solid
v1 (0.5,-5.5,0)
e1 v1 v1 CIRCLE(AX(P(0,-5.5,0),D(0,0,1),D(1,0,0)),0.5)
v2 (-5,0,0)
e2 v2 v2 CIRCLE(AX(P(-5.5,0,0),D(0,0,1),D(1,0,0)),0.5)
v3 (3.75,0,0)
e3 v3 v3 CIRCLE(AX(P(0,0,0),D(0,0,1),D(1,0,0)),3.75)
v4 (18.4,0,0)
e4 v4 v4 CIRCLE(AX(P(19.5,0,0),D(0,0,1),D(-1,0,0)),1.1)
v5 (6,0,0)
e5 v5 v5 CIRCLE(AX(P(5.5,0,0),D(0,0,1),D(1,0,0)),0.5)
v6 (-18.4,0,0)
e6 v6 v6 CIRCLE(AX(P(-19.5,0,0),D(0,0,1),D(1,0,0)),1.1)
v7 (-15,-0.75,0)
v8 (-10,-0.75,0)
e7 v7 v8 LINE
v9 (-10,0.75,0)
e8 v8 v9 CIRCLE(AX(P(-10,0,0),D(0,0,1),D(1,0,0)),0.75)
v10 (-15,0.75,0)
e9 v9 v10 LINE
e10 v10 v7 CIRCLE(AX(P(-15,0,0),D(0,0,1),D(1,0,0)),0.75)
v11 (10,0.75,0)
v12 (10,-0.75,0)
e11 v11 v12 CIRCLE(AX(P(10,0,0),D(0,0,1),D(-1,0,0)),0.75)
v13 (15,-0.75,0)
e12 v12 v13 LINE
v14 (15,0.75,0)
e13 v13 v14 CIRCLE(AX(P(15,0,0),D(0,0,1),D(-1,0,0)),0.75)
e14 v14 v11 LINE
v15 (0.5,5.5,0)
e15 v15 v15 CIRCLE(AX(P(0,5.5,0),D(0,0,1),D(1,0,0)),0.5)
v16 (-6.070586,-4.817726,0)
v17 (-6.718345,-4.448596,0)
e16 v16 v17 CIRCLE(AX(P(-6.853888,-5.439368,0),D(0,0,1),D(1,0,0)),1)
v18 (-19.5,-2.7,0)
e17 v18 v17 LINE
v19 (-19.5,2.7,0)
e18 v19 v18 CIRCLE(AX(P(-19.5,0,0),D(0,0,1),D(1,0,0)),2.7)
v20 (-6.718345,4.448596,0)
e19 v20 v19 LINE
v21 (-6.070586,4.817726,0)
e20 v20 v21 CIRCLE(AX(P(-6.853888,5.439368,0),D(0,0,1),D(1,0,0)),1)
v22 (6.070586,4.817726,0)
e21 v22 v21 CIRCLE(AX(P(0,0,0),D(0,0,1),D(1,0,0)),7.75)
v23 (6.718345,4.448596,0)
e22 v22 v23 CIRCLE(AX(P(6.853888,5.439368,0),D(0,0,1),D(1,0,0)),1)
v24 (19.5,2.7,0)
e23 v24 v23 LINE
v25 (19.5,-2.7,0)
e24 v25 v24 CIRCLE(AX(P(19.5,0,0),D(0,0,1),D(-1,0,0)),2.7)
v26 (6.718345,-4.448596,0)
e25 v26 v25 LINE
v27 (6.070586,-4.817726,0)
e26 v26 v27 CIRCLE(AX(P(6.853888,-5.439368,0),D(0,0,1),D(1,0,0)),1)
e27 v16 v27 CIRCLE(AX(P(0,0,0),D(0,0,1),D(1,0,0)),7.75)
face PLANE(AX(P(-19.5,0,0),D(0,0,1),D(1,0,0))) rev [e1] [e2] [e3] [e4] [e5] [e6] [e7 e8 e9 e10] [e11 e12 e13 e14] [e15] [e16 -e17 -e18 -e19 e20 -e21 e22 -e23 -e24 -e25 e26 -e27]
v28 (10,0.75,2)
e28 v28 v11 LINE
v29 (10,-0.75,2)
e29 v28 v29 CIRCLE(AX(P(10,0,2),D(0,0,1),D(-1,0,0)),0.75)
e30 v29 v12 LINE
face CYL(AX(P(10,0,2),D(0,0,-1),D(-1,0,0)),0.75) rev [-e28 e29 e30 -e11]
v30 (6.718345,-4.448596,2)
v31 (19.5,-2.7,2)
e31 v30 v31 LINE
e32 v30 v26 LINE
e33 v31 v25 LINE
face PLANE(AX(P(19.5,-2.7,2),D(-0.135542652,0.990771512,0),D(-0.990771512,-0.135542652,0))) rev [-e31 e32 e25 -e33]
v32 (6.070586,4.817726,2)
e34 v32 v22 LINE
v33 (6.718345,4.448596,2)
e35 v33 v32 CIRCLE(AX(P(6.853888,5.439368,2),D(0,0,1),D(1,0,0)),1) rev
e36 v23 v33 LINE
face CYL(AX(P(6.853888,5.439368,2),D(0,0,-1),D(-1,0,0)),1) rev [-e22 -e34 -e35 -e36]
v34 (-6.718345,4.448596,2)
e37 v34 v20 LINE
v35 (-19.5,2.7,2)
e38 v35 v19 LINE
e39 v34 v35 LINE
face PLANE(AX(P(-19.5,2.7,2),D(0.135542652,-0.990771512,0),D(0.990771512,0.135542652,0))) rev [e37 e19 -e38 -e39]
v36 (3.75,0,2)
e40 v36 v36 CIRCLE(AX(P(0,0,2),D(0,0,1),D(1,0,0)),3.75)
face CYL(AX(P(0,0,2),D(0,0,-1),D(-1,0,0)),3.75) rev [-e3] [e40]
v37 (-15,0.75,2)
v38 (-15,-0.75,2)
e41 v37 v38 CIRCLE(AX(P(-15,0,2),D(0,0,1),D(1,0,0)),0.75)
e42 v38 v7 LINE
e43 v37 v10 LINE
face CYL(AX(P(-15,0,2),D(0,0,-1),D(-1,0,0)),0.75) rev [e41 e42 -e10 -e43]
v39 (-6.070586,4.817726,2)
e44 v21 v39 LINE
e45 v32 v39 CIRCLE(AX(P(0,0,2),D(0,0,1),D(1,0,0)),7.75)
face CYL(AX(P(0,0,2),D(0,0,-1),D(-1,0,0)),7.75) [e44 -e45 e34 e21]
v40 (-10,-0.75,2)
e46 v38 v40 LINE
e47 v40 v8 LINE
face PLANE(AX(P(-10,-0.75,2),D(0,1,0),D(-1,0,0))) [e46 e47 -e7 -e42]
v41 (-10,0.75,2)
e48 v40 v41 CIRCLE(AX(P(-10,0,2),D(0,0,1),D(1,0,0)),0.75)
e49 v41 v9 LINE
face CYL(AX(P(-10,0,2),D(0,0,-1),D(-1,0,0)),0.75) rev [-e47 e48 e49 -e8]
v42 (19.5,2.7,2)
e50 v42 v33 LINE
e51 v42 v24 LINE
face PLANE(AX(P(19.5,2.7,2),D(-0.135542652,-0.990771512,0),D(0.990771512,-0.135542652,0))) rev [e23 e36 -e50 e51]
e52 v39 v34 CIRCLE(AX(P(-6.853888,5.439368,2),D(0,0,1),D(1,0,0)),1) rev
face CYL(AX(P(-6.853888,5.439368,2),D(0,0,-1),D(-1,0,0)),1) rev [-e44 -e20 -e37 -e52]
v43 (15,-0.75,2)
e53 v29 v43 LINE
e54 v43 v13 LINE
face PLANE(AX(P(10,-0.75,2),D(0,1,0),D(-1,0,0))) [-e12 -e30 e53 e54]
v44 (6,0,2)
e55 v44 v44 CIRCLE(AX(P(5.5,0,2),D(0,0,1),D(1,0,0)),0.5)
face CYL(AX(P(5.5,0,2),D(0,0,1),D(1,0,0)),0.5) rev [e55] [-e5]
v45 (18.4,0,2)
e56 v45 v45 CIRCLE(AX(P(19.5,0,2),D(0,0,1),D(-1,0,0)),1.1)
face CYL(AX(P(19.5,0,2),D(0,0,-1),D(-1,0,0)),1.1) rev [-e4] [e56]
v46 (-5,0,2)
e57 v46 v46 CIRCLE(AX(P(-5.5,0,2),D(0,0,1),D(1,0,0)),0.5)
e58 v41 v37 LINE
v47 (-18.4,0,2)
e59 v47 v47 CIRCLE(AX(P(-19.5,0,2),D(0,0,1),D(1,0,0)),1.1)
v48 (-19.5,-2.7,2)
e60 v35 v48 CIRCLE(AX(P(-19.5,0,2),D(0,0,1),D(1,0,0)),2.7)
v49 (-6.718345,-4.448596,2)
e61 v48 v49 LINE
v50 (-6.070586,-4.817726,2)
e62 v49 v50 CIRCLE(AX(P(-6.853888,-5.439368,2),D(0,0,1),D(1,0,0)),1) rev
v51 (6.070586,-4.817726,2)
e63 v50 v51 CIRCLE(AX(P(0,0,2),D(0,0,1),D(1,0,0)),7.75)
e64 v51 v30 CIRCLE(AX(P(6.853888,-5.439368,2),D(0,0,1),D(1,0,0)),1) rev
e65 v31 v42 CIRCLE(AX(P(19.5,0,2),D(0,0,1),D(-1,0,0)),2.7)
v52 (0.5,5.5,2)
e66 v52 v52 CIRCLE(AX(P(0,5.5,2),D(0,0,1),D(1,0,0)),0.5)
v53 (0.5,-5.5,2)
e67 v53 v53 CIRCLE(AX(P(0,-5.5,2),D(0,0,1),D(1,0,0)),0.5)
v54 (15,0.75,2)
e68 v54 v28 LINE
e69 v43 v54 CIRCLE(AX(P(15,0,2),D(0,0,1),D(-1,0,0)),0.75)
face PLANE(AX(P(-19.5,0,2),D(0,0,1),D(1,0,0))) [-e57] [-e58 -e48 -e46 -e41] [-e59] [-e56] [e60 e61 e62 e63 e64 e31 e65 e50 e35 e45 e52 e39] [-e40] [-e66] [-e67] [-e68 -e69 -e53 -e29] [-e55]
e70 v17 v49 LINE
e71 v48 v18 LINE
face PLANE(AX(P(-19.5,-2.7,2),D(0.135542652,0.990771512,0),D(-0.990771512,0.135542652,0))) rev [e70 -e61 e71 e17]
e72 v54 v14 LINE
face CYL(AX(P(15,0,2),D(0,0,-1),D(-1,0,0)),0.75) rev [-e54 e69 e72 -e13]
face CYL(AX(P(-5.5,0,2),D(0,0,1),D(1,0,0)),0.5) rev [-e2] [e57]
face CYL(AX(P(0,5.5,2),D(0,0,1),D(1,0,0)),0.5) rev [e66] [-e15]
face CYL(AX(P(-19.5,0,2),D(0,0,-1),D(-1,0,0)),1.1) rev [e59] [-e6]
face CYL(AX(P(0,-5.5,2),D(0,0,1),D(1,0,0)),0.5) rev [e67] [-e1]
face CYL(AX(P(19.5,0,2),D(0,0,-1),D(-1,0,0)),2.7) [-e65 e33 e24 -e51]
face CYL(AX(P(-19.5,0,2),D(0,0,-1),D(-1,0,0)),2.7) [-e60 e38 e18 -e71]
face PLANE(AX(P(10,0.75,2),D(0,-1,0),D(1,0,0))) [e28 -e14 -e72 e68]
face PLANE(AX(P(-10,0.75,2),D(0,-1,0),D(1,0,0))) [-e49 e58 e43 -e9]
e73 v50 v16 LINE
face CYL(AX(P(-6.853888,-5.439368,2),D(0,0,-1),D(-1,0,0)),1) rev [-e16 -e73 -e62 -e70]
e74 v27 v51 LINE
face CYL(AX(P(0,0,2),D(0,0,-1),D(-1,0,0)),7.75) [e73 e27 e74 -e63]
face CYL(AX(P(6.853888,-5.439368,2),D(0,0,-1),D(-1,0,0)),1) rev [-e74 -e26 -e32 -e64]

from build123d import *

# Parameters (mm, degrees)
SKETCH1_R             = 1.1
SKETCH1_R_2           = 3.75
BOSS_EXTRUDE1_DEPTH   = 2
F_1_0MM_DOWEL_HOLE1_D = 1
FILLET1_R             = 1


with BuildPart() as part:
    # Sketch1 → Boss-Extrude1 (new body)
    with BuildSketch(Plane.XY):
        with BuildLine():
            Line((-19.5, 2.7), (-6.306155873, 4.504985917))
            ThreePointArc((-6.306155873, 4.504985917), (0, 7.75), (6.306155873, 4.504985917))
            Line((6.306155873, 4.504985917), (19.5, 2.7))
            ThreePointArc((19.5, 2.7), (22.2, 0), (19.5, -2.7))
            Line((19.5, -2.7), (6.306155873, -4.504985917))
            ThreePointArc((6.306155873, -4.504985917), (0, -7.75), (-6.306155873, -4.504985917))
            Line((-6.306155873, -4.504985917), (-19.5, -2.7))
            ThreePointArc((-19.5, -2.7), (-22.2, 0), (-19.5, 2.7))
        make_face()
        with Locations((-19.5, 0)):
            Circle(SKETCH1_R, mode=Mode.SUBTRACT)
        with Locations(Location((19.5, 0, 0), (0, 0, 180))):
            Circle(SKETCH1_R, mode=Mode.SUBTRACT)
        Circle(SKETCH1_R_2, mode=Mode.SUBTRACT)
        with BuildLine():
            Line((-10, -0.75), (-15, -0.75))
            ThreePointArc((-15, -0.75), (-15.75, 0), (-15, 0.75))
            Line((-15, 0.75), (-10, 0.75))
            ThreePointArc((-10, 0.75), (-9.25, 0), (-10, -0.75))
        make_face(mode=Mode.SUBTRACT)
        with BuildLine():
            Line((10, -0.75), (15, -0.75))
            ThreePointArc((15, -0.75), (15.75, 0), (15, 0.75))
            Line((15, 0.75), (10, 0.75))
            ThreePointArc((10, 0.75), (9.25, 0), (10, -0.75))
        make_face(mode=Mode.SUBTRACT)
    extrude(amount=BOSS_EXTRUDE1_DEPTH)

    # Ø1.0mm Dowel Hole1 (through all)
    with Locations(Plane.XY.offset(2)):
        with Locations((-5.5, 0), (0, 5.5), (5.5, 0), (0, -5.5)):
            Hole(F_1_0MM_DOWEL_HOLE1_D / 2)

    # Fillet1
    fillet1_edges = [part.edges().sort_by_distance(p)[0] for p in [
        (-6.306155873, 4.504985917, 1),
        (6.306155873, 4.504985917, 1),
        (6.306155873, -4.504985917, 1),
        (-6.306155873, -4.504985917, 1),
    ]]
    fillet(fillet1_edges, radius=FILLET1_R)


solid = part.part
